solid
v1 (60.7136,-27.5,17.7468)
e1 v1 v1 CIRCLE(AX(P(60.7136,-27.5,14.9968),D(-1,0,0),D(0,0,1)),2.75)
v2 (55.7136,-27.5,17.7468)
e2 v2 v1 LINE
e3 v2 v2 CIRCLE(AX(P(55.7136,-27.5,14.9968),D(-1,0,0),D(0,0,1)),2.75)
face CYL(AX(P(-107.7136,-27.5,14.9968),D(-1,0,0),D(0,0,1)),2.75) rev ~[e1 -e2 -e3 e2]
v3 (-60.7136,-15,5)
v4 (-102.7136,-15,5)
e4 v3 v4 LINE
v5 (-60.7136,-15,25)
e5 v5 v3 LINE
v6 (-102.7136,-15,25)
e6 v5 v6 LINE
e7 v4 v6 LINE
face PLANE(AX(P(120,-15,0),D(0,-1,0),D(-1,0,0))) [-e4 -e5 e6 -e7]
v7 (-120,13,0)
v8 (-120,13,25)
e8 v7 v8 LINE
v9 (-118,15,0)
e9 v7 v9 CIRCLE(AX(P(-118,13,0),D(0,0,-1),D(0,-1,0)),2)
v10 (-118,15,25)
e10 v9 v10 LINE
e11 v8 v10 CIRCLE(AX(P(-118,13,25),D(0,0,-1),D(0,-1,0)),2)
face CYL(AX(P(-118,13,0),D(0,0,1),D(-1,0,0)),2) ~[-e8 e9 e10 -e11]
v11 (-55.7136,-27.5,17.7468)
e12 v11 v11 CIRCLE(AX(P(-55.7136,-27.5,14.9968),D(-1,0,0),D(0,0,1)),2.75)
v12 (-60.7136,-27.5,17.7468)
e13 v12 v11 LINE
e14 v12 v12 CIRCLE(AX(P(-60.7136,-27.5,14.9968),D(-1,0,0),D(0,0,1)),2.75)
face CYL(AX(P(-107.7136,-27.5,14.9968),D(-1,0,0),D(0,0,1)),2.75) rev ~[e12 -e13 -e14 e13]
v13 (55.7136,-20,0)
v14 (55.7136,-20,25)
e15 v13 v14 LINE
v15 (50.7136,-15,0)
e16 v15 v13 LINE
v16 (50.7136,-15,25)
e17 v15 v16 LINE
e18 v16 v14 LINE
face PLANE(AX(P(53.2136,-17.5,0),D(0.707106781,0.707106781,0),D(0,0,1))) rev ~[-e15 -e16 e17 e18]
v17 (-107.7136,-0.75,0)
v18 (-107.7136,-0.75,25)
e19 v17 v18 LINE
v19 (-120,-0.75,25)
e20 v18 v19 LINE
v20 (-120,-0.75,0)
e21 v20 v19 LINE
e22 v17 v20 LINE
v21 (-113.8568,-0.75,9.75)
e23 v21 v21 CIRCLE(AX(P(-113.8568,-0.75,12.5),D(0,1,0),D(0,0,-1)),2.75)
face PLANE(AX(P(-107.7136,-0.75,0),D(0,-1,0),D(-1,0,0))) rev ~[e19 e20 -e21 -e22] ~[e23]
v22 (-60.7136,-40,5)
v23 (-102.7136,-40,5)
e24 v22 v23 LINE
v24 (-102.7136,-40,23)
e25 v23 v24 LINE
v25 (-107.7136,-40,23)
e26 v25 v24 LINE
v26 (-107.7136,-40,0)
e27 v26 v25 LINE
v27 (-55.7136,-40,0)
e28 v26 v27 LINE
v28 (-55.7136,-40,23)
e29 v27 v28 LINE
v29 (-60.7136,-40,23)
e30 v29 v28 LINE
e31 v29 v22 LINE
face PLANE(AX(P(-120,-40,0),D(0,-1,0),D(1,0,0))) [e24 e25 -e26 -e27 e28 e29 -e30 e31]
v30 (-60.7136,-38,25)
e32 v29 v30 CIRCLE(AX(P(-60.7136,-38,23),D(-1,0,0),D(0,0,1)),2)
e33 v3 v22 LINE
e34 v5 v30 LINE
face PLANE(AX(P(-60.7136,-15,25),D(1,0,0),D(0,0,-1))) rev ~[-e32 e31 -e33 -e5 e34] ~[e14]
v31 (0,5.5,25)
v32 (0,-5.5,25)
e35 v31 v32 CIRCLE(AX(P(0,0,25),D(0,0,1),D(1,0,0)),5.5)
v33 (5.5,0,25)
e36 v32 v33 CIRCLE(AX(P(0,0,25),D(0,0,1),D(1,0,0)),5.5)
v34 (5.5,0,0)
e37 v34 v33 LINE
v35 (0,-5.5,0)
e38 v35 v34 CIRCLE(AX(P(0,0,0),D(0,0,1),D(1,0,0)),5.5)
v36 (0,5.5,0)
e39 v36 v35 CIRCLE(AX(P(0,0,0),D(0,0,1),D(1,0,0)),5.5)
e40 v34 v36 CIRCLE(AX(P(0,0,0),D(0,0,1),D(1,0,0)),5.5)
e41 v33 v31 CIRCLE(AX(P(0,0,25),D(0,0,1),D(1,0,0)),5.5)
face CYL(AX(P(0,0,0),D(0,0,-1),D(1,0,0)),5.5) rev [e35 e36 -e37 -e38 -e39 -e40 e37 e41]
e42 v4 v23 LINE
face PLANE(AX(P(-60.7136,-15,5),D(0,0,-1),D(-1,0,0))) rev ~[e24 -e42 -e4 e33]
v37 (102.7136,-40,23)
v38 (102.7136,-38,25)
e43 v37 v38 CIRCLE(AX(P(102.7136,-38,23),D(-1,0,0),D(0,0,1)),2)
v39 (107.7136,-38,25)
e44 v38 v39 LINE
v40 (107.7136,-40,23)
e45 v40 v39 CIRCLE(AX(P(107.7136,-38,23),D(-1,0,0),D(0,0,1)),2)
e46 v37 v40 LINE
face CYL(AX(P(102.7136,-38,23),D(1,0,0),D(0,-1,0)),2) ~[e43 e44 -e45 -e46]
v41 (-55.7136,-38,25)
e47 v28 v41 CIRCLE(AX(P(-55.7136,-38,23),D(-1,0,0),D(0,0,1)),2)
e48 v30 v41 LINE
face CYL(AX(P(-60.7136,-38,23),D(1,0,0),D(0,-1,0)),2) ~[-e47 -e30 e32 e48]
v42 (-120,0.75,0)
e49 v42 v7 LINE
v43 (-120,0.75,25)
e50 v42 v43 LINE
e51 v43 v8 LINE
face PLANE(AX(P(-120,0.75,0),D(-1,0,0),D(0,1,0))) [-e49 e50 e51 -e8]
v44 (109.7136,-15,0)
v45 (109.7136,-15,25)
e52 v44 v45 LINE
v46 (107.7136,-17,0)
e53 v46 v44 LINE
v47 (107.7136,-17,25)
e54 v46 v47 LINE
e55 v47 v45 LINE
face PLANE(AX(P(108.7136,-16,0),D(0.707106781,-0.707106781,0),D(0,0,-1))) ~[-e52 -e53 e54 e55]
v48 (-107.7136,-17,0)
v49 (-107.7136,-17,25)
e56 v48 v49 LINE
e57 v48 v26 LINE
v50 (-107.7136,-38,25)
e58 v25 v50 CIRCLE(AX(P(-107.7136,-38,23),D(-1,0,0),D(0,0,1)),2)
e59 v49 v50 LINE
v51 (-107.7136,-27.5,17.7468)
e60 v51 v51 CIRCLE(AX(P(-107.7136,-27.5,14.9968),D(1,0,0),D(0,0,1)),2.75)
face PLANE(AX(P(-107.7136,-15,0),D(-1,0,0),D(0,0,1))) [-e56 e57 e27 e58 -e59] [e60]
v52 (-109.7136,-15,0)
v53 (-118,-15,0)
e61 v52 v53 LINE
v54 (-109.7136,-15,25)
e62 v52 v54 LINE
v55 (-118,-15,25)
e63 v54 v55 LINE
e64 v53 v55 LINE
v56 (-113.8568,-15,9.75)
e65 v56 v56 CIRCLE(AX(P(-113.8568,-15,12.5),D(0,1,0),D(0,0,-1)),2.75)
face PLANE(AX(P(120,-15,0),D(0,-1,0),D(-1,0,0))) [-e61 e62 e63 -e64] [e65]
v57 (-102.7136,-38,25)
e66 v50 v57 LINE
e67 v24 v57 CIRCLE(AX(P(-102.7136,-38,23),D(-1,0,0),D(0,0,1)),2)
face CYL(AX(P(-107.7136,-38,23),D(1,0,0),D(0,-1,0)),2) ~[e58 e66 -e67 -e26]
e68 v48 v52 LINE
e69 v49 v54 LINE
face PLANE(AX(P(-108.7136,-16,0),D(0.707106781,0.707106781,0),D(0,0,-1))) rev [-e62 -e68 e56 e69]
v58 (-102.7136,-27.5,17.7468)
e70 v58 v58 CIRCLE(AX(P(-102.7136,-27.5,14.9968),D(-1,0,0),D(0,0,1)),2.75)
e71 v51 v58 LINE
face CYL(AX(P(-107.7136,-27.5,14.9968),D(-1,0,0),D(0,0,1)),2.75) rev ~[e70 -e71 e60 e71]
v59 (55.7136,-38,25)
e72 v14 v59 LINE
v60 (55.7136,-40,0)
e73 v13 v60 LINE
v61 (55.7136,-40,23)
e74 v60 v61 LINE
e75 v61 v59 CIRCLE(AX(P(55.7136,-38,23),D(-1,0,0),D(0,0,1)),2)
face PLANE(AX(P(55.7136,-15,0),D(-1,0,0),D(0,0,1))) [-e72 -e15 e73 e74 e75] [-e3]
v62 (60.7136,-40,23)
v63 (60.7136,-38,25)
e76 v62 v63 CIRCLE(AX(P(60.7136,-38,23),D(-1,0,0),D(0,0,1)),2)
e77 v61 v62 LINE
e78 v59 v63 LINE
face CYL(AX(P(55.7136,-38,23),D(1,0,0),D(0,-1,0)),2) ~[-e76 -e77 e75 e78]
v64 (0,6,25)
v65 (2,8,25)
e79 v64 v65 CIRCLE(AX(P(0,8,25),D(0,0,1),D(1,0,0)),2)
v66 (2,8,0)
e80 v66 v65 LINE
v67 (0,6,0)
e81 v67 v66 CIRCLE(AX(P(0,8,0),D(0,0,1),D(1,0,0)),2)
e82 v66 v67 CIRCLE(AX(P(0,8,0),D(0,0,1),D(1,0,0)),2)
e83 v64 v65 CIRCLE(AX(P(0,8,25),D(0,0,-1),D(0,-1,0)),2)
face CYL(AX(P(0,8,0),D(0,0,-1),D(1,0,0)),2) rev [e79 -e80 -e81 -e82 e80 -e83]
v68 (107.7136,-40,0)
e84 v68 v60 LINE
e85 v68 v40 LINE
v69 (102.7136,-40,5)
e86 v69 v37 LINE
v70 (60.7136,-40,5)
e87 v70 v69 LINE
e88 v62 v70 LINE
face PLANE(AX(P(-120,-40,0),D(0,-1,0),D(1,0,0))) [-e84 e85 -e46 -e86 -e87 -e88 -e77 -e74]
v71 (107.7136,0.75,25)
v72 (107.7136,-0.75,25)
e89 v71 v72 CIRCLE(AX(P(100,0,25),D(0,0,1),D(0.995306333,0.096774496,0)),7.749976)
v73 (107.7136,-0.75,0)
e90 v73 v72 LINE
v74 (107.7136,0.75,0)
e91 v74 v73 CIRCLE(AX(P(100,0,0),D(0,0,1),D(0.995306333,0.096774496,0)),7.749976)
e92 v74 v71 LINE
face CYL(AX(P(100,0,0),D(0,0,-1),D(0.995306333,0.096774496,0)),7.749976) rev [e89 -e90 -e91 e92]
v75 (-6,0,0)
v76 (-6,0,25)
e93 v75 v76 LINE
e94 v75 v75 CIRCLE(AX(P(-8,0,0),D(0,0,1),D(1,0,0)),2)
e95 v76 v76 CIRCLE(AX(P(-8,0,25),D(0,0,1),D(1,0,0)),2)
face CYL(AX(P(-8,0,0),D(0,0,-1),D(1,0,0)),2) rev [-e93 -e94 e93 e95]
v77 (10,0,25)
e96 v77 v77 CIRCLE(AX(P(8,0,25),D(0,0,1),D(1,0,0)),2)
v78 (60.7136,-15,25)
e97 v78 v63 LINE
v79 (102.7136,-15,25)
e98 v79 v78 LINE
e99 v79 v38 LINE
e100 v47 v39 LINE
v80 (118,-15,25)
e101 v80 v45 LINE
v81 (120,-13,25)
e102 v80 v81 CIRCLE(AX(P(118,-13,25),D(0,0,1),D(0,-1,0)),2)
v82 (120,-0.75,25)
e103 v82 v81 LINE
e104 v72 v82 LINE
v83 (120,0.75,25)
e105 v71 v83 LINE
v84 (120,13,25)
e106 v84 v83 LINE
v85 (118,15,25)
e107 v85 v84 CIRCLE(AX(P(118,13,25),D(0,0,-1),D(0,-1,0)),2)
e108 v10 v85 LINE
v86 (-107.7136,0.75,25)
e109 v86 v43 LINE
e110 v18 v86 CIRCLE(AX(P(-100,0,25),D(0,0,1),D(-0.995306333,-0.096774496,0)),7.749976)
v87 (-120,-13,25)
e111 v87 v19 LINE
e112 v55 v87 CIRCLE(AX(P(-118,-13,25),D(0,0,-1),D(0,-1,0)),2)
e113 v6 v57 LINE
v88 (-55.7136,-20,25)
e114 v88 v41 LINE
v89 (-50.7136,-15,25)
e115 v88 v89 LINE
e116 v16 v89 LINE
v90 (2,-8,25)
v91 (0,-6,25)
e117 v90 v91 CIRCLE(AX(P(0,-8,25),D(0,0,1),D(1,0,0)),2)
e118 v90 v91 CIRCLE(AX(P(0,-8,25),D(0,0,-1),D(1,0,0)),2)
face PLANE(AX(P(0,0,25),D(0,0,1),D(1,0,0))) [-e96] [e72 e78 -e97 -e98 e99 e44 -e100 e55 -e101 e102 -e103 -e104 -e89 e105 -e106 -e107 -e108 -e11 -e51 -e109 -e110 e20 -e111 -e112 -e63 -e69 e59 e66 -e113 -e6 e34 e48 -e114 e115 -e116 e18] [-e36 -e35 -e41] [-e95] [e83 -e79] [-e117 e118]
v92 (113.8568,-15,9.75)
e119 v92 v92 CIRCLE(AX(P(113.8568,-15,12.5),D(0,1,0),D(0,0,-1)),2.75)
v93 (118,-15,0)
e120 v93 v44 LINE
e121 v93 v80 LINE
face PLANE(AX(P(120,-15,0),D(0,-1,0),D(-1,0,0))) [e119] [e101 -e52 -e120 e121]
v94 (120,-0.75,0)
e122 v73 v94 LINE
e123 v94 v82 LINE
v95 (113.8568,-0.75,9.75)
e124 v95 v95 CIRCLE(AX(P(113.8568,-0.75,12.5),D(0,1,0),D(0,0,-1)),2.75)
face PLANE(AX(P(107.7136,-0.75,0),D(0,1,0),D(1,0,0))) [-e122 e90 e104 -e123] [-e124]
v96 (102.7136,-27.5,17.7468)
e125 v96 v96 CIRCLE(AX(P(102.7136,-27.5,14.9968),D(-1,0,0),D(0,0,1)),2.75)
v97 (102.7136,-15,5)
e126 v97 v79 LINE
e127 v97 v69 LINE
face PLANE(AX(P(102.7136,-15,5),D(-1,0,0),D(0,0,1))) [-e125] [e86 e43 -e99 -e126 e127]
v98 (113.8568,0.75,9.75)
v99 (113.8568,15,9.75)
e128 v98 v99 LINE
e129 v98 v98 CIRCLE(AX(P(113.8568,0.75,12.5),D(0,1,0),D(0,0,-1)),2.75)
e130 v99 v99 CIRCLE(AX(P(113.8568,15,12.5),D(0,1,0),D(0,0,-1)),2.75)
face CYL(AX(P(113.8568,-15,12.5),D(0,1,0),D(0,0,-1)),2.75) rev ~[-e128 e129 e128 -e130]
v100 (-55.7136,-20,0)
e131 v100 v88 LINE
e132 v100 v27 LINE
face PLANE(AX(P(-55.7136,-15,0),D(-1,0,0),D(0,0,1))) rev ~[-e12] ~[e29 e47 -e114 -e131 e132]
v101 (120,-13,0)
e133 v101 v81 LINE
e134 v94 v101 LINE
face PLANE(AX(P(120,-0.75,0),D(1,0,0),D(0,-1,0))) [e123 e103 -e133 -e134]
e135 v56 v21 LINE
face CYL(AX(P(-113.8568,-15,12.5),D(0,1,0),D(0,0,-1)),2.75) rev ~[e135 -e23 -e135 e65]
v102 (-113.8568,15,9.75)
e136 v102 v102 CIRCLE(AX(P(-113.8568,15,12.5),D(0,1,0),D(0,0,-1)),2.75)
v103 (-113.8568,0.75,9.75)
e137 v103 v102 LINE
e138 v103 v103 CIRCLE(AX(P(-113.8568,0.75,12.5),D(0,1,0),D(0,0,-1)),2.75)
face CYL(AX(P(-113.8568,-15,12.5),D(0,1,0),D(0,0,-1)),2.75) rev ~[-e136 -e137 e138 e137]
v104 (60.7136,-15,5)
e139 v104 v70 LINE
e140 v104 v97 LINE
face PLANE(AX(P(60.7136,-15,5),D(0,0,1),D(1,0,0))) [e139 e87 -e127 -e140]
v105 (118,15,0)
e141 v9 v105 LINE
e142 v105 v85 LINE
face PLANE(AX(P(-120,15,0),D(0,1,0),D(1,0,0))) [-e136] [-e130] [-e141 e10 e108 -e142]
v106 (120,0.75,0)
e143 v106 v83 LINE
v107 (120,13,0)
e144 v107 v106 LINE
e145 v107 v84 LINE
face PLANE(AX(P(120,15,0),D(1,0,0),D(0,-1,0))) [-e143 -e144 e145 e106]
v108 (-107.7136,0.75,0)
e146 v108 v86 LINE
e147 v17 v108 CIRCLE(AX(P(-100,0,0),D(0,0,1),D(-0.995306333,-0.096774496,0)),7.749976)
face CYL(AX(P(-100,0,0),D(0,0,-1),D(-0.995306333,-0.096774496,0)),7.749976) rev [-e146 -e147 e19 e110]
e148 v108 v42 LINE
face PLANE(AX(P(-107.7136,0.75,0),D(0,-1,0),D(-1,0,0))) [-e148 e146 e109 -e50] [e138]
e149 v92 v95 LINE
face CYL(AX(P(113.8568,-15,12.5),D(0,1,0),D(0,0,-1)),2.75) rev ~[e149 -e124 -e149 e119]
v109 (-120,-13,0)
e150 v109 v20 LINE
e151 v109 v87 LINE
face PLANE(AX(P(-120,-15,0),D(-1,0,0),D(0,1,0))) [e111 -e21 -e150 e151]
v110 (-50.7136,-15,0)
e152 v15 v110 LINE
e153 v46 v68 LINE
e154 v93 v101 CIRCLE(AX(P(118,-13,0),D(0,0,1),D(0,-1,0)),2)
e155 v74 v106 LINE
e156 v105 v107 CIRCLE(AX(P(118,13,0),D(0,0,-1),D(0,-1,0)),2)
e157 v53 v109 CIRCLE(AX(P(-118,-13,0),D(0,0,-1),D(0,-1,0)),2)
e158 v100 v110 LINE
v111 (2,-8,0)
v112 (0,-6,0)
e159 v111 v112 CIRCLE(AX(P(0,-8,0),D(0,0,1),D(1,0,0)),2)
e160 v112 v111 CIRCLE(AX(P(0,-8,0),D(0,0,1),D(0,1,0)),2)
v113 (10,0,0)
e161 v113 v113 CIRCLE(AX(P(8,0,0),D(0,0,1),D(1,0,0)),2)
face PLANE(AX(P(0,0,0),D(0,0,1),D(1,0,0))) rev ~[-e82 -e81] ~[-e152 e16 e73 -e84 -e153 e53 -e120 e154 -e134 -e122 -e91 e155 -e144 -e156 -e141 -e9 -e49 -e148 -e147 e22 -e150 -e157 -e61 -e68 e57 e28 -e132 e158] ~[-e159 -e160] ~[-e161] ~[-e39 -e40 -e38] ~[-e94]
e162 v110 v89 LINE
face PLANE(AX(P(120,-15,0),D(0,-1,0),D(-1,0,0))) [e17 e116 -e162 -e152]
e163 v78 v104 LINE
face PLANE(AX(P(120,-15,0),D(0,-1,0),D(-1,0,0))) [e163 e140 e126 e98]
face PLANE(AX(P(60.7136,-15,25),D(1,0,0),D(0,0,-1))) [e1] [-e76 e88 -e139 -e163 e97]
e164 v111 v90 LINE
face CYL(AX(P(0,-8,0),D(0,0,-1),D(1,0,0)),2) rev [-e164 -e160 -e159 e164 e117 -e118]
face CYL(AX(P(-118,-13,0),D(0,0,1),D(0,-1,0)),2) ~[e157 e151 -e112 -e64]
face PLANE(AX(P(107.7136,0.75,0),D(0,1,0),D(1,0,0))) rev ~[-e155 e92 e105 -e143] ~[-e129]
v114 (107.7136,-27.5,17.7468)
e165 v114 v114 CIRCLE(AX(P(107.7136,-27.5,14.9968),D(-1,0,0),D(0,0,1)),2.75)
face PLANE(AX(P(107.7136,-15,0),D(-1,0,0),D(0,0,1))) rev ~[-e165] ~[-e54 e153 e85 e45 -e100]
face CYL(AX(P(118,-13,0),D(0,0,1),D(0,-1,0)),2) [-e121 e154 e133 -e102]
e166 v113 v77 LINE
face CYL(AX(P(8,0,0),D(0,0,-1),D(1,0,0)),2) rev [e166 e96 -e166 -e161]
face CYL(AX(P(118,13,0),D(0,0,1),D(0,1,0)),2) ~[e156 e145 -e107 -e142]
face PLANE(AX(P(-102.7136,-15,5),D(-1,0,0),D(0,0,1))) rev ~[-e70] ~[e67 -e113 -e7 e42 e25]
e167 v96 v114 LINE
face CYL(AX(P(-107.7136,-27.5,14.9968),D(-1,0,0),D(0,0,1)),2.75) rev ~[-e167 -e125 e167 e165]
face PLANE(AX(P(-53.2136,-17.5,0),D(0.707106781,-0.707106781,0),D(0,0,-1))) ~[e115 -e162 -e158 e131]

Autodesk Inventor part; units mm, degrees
ref_plane "YZ Plane" through (0, 0, 0) normal (1, 0, 0) x (0, 1, 0)
ref_plane "XZ Plane" through (0, 0, 0) normal (0, 1, 0) x (-1, 0, 0)
ref_plane "XY Plane" through (0, 0, 0) normal (0, 0, 1) x (1, 0, 0)
sketch "Sketch1" plane through (0, 0, 0) normal (0, 0, 1) x (1, 0, 0)
  line L0 (-120, 15) -> (120, 15)
  line L1 (120, -15) -> (-120, -15)
  line L2 (-120, 15) -> (120, -15) construction
  line L3 (120, 15) -> (-120, -15) construction
  arc A0 (-107.7136, -0.75) -> (-107.7136, 0.75) centre (-100, 0) ccw
  line L4 (0, -11.513) -> (0, 11.513)
  line L5 (-107.7136, 0.75) -> (-120, 0.75)
  line L6 (-107.7136, -0.75) -> (-120, -0.75)
  line L7 (-120, -15) -> (-120, -0.75)
  line L8 (-120, 0.75) -> (-120, 15)
  arc A1 (107.7136, 0.75) -> (107.7136, -0.75) centre (100, 0) ccw
  line L9 (107.7136, 0.75) -> (120, 0.75)
  line L10 (107.7136, -0.75) -> (120, -0.75)
  line L11 (120, 15) -> (120, 0.75)
  line L12 (120, -0.75) -> (120, -15)
  circle A2 centre (0, 0) radius 5.5
  circle A3 centre (0, 8) radius 2
  circle A4 centre (8, 0) radius 2
  circle A5 centre (0, -8) radius 2
  circle A6 centre (-8, 0) radius 2
  dimension "d0" = 240
  dimension "d1" = 30
  dimension "d3" = 15.5
  dimension "d6" = 100
  dimension "d7" = 11
  dimension "d9" = 4
  dimension "d10" = 4
  dimension "d11" = 4
  dimension "d12" = 4
extrude "Extrusion1" add sketch "Sketch1" along normal blind 25
sketch "Sketch2" plane through (-120, -15, 0) normal (0, -1, 0) x (1, 0, 0)
  line L0 (120, 0) -> (120, 25)
  line L1 (12.2864, 0) -> (12.2864, 25) projected
  line L2 (0, 25) -> (240, 25) projected
  line L3 (12.2864, 0) -> (64.2864, 0)
  line L4 (64.2864, 0) -> (64.2864, 25)
  line L5 (12.2864, 25) -> (12.2864, 0)
  line L6 (59.2864, 25) -> (59.2864, 5)
  line L7 (59.2864, 5) -> (17.2864, 5)
  line L8 (17.2864, 5) -> (17.2864, 25)
  line L9 (64.2864, 25) -> (59.2864, 25)
  line L10 (17.2864, 25) -> (12.2864, 25)
  line L11 (227.7136, 0) -> (227.7136, 25)
  line L12 (240, 25) -> (0, 25)
  line L13 (227.7136, 0) -> (175.7136, 0)
  line L14 (175.7136, 0) -> (175.7136, 25)
  line L15 (227.7136, 25) -> (227.7136, 0)
  line L16 (180.7136, 25) -> (180.7136, 5)
  line L17 (180.7136, 5) -> (222.7136, 5)
  line L18 (222.7136, 5) -> (222.7136, 25)
  line L19 (175.7136, 25) -> (180.7136, 25)
  line L20 (222.7136, 25) -> (227.7136, 25)
  line L21 (240, 0) -> (0, 0) projected
  dimension "d23" = 52
  dimension "d24" = 5
  dimension "d28" = 0
  dimension "d30" = 20
sketch "Sketch3" plane through (120, -15, 0) normal (0, -1, 0) x (1, 0, 0)
  point P0 (-120, 0)
extrude "Extrusion4" add sketch "Sketch2" along normal blind 25 contours L14 L2 L16 L17 L18 L11 L13 | L3 L1 L2 L8 L7 L6 L4
sketch "Sketch4" plane through (120, -15, 0) normal (0, -1, 0) x (1, 0, 0)
  line L0 (-240, 0) -> (0, 0) projected
  line L1 (-12.2864, 25) -> (0, 25) projected
  circle A0 centre (-6.1432, 12.5) radius 2.75
  line L2 (-120, 0) -> (-120, 25)
  line L3 (-122, 0) -> (-122, 25) projected
  circle A1 centre (-233.8568, 12.5) radius 2.75
  dimension "d33" = 5.5
hole "Hole1" at (113.8568, -15, 12.5) at (-113.8568, -15, 12.5) direction (0, 1, 0) diameter 5.5 end through all
sketch "Sketch5" plane through (-107.7136, -15, 0) normal (-1, 0, 0) x (0, 0, 1)
  line L0 (5, 0) -> (5, -25) projected
  line L1 (5, 0) -> (24.9936, -25)
  circle A0 centre (14.9968, -12.5) radius 2.75
  point P0 (0, 15)
  dimension "d41" = 5.5
extrude "Extrusion5" cut sketch "Sketch5" against normal through all
chamfer "Chamfer2" distance 5 angle 45 2 edges at (-55.7136, -15, 12.5) (55.7136, -15, 12.5)
chamfer "Chamfer3" distance 2 angle 45 2 edges at (-107.7136, -15, 12.5) (107.7136, -15, 12.5)
fillet "Fillet2" radius 2 8 edges at (120, -15, 12.5) (120, 15, 12.5) (105.2136, -40, 25) (58.2136, -40, 25) (-58.2136, -40, 25) (-105.2136, -40, 25) (-120, -15, 12.5) (-120, 15, 12.5)
properties part number "Trava Z"
